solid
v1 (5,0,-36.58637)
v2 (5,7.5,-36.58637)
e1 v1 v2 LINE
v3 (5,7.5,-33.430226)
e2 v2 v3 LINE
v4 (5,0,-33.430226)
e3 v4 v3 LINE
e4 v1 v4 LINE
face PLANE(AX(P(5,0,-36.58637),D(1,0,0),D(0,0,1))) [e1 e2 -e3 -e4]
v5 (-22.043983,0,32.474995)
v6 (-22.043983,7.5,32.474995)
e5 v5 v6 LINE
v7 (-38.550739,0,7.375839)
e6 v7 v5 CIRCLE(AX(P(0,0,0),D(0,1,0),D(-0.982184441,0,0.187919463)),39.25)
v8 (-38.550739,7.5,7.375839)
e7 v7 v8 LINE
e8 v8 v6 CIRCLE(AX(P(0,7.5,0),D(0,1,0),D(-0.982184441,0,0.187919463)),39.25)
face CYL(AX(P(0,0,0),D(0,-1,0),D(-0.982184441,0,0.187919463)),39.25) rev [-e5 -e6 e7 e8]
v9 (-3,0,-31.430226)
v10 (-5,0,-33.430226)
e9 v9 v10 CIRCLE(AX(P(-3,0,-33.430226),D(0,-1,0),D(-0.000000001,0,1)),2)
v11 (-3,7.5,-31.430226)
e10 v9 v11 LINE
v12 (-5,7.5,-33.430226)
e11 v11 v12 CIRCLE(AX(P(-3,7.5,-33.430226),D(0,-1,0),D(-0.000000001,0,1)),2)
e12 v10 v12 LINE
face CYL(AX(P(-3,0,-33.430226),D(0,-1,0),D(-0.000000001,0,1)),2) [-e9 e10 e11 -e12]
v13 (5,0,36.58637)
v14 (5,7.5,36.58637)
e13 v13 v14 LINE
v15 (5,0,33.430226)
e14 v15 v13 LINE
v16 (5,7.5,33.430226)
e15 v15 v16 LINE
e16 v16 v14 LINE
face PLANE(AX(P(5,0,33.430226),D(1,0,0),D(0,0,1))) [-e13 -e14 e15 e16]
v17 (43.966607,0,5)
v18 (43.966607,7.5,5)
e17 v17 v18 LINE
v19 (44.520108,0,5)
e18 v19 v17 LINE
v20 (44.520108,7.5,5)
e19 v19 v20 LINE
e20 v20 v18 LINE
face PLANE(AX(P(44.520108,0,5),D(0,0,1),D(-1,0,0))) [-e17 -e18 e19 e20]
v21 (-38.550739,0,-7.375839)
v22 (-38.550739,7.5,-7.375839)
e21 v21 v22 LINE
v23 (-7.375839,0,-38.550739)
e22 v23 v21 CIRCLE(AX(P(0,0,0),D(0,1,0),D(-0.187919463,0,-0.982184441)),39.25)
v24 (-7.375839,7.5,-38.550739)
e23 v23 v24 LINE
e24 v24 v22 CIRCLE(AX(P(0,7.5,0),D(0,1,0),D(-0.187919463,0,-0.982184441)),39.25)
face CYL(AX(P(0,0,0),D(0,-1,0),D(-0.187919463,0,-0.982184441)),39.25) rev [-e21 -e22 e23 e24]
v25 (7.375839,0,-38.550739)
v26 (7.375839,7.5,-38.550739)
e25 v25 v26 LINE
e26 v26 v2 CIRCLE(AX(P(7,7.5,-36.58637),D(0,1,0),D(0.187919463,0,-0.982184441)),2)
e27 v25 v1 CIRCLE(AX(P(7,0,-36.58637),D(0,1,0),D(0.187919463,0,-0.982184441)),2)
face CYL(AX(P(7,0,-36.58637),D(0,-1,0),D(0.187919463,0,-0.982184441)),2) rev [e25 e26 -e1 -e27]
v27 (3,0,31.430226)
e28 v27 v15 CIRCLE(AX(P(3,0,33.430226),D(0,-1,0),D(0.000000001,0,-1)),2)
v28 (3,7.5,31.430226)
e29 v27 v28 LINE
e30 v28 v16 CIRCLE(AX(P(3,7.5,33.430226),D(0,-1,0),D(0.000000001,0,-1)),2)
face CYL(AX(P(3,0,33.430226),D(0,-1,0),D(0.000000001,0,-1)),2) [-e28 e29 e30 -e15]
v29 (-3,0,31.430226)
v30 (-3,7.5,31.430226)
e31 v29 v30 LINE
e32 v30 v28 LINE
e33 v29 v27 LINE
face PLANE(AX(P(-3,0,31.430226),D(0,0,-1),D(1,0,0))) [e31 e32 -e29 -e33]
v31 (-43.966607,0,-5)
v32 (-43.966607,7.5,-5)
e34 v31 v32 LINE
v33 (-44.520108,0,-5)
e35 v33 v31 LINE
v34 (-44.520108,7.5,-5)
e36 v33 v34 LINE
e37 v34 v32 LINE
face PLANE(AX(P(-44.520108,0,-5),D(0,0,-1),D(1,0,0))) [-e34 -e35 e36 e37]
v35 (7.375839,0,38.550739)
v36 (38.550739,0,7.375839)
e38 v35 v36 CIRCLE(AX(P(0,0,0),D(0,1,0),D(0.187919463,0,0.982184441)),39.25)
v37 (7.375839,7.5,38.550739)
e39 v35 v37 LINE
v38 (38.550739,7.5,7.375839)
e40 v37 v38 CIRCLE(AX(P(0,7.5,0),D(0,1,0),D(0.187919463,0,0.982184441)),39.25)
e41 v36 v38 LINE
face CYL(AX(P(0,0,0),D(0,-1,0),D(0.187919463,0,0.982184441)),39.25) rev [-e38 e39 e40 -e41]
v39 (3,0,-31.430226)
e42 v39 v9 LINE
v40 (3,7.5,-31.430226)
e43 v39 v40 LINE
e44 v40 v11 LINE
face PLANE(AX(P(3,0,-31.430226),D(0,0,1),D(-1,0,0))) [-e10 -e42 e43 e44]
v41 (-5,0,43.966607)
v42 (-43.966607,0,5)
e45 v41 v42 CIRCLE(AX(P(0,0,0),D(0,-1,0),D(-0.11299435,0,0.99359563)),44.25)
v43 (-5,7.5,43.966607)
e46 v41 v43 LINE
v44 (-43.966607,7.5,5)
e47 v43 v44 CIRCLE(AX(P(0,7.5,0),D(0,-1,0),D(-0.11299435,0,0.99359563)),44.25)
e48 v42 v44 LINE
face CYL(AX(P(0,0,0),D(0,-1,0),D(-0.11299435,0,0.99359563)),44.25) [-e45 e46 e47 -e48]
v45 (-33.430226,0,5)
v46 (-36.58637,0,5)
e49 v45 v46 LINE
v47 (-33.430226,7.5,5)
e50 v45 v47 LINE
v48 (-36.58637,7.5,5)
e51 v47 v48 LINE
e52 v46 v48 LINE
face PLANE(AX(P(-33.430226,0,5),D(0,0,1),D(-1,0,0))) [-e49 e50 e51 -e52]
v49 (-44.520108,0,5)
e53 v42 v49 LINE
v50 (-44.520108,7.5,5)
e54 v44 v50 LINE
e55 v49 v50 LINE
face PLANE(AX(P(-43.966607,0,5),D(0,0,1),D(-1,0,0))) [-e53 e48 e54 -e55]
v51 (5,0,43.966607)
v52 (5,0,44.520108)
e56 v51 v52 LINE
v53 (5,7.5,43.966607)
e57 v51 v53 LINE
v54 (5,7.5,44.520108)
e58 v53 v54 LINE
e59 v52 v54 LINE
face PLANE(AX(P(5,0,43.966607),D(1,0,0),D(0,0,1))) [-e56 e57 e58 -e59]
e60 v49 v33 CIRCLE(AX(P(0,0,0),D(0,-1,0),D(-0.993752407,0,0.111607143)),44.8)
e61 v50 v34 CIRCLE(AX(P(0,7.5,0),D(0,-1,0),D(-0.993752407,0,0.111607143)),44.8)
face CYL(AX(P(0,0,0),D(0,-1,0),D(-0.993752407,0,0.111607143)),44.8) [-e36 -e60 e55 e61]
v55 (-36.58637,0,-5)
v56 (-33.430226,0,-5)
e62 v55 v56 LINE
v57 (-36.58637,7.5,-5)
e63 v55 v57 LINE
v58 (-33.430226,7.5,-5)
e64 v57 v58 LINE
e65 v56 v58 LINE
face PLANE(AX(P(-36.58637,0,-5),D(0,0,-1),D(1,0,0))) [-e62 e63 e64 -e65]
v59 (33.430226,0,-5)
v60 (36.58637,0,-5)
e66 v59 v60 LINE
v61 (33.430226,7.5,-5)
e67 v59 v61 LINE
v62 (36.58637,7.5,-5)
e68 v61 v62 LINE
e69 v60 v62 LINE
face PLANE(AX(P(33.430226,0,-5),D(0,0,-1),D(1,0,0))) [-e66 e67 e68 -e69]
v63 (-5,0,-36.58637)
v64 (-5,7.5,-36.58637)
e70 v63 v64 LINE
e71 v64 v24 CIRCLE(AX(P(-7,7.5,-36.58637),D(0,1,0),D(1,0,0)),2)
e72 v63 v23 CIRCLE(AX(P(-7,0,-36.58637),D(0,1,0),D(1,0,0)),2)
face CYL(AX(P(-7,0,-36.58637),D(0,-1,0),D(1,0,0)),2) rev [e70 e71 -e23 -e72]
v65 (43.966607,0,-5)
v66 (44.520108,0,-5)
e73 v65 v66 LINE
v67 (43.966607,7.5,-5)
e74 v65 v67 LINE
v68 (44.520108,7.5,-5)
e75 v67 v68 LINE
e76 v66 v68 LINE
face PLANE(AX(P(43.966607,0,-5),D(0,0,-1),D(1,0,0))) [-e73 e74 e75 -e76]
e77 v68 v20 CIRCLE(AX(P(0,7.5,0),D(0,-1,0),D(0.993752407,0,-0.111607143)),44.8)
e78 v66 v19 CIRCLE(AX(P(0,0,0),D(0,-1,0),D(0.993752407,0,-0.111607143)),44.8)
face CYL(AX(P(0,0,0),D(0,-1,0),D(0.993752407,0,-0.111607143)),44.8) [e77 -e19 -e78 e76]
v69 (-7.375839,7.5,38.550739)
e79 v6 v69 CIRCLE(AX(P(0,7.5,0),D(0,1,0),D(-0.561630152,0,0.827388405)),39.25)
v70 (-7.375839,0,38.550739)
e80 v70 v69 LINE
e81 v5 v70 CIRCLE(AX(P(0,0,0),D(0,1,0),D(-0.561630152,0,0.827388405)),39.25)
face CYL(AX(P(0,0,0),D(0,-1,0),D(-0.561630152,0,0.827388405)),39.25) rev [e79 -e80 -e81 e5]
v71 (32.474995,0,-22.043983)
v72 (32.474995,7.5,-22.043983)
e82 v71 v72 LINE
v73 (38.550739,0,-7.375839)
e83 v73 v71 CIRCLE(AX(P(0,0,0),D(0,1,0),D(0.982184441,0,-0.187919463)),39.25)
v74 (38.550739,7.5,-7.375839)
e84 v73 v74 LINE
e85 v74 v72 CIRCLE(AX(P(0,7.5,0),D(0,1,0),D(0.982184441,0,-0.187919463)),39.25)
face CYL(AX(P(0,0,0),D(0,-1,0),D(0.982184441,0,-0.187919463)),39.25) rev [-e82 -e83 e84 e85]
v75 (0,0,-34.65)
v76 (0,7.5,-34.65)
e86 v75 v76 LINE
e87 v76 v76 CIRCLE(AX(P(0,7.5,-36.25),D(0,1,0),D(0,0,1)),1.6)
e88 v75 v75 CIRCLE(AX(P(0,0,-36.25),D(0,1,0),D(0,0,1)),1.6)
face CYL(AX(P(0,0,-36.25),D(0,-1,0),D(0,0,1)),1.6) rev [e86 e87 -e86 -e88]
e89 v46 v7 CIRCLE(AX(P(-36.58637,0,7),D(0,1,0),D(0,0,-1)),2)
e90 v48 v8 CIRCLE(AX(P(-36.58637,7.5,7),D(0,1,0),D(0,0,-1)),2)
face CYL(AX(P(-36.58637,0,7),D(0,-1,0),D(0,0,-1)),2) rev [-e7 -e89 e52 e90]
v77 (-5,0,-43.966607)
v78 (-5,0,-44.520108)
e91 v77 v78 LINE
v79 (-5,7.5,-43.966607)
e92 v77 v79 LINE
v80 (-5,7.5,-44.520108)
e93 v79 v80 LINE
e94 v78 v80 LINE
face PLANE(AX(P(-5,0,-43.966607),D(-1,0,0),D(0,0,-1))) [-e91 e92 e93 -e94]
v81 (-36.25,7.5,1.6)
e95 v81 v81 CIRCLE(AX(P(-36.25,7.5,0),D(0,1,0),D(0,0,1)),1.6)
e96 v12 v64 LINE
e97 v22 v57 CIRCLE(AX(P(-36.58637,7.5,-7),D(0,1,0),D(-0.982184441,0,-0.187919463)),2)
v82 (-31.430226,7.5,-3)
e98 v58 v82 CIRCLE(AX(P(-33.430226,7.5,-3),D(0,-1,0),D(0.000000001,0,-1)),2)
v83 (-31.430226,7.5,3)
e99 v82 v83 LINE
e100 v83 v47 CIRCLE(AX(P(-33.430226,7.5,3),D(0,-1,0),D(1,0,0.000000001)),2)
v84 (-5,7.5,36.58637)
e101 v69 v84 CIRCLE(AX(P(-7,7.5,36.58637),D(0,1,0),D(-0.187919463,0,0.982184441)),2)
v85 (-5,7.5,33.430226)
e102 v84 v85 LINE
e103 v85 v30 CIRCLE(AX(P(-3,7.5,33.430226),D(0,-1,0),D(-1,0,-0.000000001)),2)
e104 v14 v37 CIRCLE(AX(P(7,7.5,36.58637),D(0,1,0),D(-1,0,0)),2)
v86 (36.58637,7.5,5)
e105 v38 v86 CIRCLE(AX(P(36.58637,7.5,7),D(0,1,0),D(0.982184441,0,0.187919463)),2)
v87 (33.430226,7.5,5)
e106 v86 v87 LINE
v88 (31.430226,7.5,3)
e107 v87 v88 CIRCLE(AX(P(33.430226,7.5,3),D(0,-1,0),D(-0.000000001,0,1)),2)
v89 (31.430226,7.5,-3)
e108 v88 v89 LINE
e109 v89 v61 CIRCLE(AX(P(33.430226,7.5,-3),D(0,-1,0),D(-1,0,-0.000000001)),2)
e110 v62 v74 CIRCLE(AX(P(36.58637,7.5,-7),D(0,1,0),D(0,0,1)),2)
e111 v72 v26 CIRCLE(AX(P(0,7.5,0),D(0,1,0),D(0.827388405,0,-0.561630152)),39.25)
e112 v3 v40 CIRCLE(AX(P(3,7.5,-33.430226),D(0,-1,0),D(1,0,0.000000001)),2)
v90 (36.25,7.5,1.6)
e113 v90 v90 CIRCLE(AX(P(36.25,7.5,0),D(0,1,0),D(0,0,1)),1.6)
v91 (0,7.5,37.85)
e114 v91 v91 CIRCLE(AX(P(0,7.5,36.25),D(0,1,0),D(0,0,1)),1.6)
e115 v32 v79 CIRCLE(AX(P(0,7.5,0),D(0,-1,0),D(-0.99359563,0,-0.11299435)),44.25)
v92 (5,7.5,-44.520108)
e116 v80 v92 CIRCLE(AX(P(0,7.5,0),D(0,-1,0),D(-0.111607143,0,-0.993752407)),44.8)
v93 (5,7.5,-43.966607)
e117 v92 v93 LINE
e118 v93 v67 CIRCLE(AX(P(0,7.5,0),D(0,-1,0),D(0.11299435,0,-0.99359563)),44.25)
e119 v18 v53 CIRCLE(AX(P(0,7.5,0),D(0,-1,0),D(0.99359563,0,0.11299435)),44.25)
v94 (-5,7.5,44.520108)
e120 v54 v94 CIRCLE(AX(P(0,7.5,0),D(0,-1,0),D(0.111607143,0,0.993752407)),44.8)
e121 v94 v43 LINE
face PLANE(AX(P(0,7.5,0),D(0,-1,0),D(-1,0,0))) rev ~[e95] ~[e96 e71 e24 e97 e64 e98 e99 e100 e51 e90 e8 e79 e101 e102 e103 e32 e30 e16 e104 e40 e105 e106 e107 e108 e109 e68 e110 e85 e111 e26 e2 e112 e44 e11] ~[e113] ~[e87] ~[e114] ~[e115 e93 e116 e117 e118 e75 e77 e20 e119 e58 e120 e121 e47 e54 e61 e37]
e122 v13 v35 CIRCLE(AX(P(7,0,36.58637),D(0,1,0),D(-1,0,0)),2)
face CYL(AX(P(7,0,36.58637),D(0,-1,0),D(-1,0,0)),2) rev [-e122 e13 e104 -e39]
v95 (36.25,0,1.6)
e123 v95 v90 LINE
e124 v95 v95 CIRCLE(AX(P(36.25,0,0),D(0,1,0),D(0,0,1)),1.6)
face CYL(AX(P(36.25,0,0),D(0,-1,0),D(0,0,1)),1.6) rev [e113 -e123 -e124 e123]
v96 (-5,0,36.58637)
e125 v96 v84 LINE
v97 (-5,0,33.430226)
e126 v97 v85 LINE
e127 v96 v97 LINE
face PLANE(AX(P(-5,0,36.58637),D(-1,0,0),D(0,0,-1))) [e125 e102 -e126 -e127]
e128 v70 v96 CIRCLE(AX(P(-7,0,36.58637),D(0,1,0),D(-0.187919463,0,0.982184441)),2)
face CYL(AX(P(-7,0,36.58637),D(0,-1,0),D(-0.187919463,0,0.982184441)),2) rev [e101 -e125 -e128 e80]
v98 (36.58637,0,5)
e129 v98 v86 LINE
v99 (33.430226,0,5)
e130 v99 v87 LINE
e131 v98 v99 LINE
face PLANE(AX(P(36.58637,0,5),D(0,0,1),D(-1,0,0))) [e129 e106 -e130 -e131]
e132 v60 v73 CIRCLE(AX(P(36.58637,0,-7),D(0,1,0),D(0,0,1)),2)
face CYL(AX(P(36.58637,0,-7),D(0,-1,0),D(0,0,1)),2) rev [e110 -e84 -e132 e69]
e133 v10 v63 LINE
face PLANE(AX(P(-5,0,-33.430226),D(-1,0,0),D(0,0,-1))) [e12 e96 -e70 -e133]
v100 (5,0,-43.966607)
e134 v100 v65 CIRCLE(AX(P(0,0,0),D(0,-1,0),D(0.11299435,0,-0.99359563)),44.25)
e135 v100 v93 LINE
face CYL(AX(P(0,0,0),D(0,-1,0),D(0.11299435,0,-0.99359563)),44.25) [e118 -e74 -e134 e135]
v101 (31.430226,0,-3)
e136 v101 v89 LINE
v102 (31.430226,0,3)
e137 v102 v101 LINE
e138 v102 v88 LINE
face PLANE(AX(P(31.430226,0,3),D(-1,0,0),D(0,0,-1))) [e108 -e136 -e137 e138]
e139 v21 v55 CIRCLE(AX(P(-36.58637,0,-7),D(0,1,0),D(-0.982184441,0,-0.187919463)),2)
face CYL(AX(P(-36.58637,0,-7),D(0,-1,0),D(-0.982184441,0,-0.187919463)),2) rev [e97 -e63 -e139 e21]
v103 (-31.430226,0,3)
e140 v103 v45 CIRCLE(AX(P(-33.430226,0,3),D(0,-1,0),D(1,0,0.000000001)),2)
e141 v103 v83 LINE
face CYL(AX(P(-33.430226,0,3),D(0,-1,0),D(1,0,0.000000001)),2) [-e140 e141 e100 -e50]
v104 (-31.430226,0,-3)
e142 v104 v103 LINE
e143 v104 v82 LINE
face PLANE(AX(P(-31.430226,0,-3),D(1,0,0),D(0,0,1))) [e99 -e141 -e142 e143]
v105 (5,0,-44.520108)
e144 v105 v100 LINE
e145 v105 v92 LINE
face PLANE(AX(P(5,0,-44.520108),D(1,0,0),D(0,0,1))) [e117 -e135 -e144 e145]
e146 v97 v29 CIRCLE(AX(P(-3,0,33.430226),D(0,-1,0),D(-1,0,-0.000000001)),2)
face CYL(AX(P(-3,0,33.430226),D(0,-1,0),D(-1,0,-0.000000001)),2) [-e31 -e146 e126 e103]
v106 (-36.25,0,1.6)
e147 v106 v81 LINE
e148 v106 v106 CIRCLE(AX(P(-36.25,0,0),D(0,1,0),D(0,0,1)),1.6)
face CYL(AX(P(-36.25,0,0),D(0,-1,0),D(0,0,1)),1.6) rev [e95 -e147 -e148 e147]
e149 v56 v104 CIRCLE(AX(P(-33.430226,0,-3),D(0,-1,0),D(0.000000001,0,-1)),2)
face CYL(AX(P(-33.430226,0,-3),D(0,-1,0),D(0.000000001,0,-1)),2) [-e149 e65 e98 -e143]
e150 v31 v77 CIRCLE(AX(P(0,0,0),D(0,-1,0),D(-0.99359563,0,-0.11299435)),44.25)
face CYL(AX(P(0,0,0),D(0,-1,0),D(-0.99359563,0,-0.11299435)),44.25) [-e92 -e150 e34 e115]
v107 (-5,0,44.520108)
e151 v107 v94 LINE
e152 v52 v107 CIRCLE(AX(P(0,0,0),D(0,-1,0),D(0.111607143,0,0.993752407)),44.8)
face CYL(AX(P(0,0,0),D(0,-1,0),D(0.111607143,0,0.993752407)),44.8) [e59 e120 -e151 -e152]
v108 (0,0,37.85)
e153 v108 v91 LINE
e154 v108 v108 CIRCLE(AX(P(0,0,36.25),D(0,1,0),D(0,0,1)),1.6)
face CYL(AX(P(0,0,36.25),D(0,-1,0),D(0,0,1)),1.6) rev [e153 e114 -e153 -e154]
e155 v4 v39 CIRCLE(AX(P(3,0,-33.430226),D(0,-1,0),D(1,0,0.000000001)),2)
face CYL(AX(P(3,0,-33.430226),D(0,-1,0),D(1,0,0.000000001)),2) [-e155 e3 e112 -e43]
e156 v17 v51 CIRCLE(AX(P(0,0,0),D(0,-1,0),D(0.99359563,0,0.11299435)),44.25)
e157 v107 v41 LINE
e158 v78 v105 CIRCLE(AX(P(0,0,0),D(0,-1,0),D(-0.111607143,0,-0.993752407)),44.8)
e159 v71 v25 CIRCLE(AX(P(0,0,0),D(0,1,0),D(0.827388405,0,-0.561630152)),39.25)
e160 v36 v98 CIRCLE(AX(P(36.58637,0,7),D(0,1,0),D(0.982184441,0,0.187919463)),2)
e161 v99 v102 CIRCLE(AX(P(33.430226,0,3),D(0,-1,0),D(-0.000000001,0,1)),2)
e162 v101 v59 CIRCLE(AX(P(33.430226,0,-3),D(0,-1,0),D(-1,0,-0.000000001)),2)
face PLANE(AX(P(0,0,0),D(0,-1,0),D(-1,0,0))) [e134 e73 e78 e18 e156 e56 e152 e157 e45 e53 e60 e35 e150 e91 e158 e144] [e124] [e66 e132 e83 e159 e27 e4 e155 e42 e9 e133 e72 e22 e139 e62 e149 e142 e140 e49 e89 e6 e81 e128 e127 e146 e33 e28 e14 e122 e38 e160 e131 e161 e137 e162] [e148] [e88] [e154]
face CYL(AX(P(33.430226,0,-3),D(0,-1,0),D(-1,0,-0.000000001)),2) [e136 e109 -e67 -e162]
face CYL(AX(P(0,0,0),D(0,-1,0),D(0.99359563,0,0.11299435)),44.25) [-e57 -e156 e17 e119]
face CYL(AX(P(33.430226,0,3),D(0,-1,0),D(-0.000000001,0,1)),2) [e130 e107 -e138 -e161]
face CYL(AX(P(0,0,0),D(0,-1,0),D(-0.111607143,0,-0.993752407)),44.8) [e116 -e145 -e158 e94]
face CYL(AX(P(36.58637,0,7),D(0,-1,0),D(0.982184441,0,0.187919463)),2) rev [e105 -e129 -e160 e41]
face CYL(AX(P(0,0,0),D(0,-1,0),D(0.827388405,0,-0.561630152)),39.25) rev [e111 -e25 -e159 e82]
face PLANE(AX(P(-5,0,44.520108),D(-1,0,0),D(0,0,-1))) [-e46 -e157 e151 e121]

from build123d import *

# Parameters (mm, degrees)
SKETCH1_R           = 1.6
BOSS_EXTRUDE1_DEPTH = 7.5


with BuildPart() as part:
    # Sketch1 → Boss-Extrude1 (new body)
    with BuildSketch(Plane(origin=(0, 0, 0), x_dir=(1, 0, 0), z_dir=(0, 1, 0))):
        with BuildLine():
            Line((-5, 43.966606646), (-5, 44.520107817))
            ThreePointArc((-5, 44.520107817), (0, 44.8), (5, 44.520107817))
            Line((5, 44.520107817), (5, 43.966606646))
            ThreePointArc((5, 43.966606646), (31.289475068, 31.289475068), (43.966606646, 5))
            Line((43.966606646, 5), (44.520107817, 5))
            ThreePointArc((44.520107817, 5), (44.8, 0), (44.520107817, -5))
            Line((44.520107817, -5), (43.966606646, -5))
            ThreePointArc((43.966606646, -5), (31.289475068, -31.289475068), (5, -43.966606646))
            Line((5, -43.966606646), (5, -44.520107817))
            ThreePointArc((5, -44.520107817), (0, -44.8), (-5, -44.520107817))
            Line((-5, -44.520107817), (-5, -43.966606646))
            ThreePointArc((-5, -43.966606646), (-31.289475068, -31.289475068), (-43.966606646, -5))
            Line((-43.966606646, -5), (-44.520107817, -5))
            ThreePointArc((-44.520107817, -5), (-44.8, 0), (-44.520107817, 5))
            Line((-44.520107817, 5), (-43.966606646, 5))
            ThreePointArc((-43.966606646, 5), (-31.289475068, 31.289475068), (-5, 43.966606646))
        make_face()
        with Locations(Location((36.25, 0, 0), (0, 0, 270))):
            Circle(SKETCH1_R, mode=Mode.SUBTRACT)
        with Locations(Location((0, -36.25, 0), (0, 0, 270))):
            Circle(SKETCH1_R, mode=Mode.SUBTRACT)
        with Locations(Location((-36.25, 0, 0), (0, 0, 270))):
            Circle(SKETCH1_R, mode=Mode.SUBTRACT)
        with Locations(Location((0, 36.25, 0), (0, 0, 270))):
            Circle(SKETCH1_R, mode=Mode.SUBTRACT)
        with BuildLine():
            Line((33.430226046, 5), (36.586370413, 5))
            ThreePointArc((36.586370413, 5), (38.127746073, 5.725574218), (38.550739294, 7.375838926))
            ThreePointArc((38.550739294, 7.375838926), (36.262271651, 15.02032472), (32.474994896, 22.043983453))
            ThreePointArc((32.474994896, 22.043983453), (21.567115852, 32.79362764), (7.375838926, 38.550739294))
            ThreePointArc((7.375838926, 38.550739294), (5.725574218, 38.127746073), (5, 36.586370413))
            Line((5, 36.586370413), (5, 33.430226046))
            ThreePointArc((5, 33.430226046), (4.414213562, 32.016012484), (3, 31.430226046))
            Line((3, 31.430226046), (-3, 31.430226046))
            ThreePointArc((-3, 31.430226046), (-4.414213562, 32.016012484), (-5, 33.430226046))
            Line((-5, 33.430226046), (-5, 36.586370413))
            ThreePointArc((-5, 36.586370413), (-5.725574218, 38.127746073), (-7.375838926, 38.550739294))
            ThreePointArc((-7.375838926, 38.550739294), (-27.753941162, 27.753941162), (-38.550739294, 7.375838926))
            ThreePointArc((-38.550739294, 7.375838926), (-38.127746073, 5.725574218), (-36.586370413, 5))
            Line((-36.586370413, 5), (-33.430226046, 5))
            ThreePointArc((-33.430226046, 5), (-32.016012484, 4.414213562), (-31.430226046, 3))
            Line((-31.430226046, 3), (-31.430226046, -3))
            ThreePointArc((-31.430226046, -3), (-32.016012484, -4.414213562), (-33.430226046, -5))
            Line((-33.430226046, -5), (-36.586370413, -5))
            ThreePointArc((-36.586370413, -5), (-38.127746073, -5.725574218), (-38.550739294, -7.375838926))
            ThreePointArc((-38.550739294, -7.375838926), (-32.79362764, -21.567115852), (-22.043983453, -32.474994896))
            ThreePointArc((-22.043983453, -32.474994896), (-15.02032472, -36.262271651), (-7.375838926, -38.550739294))
            ThreePointArc((-7.375838926, -38.550739294), (-5.725574218, -38.127746073), (-5, -36.586370413))
            Line((-5, -36.586370413), (-5, -33.430226046))
            ThreePointArc((-5, -33.430226046), (-4.414213562, -32.016012484), (-3, -31.430226046))
            Line((-3, -31.430226046), (3, -31.430226046))
            ThreePointArc((3, -31.430226046), (4.414213562, -32.016012484), (5, -33.430226046))
            Line((5, -33.430226046), (5, -36.586370413))
            ThreePointArc((5, -36.586370413), (5.725574218, -38.127746073), (7.375838926, -38.550739294))
            ThreePointArc((7.375838926, -38.550739294), (27.753941162, -27.753941162), (38.550739294, -7.375838926))
            ThreePointArc((38.550739294, -7.375838926), (38.127746073, -5.725574218), (36.586370413, -5))
            Line((36.586370413, -5), (33.430226046, -5))
            ThreePointArc((33.430226046, -5), (32.016012484, -4.414213562), (31.430226046, -3))
            Line((31.430226046, -3), (31.430226046, 3))
            ThreePointArc((31.430226046, 3), (32.016012484, 4.414213562), (33.430226046, 5))
        make_face(mode=Mode.SUBTRACT)
    extrude(amount=BOSS_EXTRUDE1_DEPTH)


solid = part.part
